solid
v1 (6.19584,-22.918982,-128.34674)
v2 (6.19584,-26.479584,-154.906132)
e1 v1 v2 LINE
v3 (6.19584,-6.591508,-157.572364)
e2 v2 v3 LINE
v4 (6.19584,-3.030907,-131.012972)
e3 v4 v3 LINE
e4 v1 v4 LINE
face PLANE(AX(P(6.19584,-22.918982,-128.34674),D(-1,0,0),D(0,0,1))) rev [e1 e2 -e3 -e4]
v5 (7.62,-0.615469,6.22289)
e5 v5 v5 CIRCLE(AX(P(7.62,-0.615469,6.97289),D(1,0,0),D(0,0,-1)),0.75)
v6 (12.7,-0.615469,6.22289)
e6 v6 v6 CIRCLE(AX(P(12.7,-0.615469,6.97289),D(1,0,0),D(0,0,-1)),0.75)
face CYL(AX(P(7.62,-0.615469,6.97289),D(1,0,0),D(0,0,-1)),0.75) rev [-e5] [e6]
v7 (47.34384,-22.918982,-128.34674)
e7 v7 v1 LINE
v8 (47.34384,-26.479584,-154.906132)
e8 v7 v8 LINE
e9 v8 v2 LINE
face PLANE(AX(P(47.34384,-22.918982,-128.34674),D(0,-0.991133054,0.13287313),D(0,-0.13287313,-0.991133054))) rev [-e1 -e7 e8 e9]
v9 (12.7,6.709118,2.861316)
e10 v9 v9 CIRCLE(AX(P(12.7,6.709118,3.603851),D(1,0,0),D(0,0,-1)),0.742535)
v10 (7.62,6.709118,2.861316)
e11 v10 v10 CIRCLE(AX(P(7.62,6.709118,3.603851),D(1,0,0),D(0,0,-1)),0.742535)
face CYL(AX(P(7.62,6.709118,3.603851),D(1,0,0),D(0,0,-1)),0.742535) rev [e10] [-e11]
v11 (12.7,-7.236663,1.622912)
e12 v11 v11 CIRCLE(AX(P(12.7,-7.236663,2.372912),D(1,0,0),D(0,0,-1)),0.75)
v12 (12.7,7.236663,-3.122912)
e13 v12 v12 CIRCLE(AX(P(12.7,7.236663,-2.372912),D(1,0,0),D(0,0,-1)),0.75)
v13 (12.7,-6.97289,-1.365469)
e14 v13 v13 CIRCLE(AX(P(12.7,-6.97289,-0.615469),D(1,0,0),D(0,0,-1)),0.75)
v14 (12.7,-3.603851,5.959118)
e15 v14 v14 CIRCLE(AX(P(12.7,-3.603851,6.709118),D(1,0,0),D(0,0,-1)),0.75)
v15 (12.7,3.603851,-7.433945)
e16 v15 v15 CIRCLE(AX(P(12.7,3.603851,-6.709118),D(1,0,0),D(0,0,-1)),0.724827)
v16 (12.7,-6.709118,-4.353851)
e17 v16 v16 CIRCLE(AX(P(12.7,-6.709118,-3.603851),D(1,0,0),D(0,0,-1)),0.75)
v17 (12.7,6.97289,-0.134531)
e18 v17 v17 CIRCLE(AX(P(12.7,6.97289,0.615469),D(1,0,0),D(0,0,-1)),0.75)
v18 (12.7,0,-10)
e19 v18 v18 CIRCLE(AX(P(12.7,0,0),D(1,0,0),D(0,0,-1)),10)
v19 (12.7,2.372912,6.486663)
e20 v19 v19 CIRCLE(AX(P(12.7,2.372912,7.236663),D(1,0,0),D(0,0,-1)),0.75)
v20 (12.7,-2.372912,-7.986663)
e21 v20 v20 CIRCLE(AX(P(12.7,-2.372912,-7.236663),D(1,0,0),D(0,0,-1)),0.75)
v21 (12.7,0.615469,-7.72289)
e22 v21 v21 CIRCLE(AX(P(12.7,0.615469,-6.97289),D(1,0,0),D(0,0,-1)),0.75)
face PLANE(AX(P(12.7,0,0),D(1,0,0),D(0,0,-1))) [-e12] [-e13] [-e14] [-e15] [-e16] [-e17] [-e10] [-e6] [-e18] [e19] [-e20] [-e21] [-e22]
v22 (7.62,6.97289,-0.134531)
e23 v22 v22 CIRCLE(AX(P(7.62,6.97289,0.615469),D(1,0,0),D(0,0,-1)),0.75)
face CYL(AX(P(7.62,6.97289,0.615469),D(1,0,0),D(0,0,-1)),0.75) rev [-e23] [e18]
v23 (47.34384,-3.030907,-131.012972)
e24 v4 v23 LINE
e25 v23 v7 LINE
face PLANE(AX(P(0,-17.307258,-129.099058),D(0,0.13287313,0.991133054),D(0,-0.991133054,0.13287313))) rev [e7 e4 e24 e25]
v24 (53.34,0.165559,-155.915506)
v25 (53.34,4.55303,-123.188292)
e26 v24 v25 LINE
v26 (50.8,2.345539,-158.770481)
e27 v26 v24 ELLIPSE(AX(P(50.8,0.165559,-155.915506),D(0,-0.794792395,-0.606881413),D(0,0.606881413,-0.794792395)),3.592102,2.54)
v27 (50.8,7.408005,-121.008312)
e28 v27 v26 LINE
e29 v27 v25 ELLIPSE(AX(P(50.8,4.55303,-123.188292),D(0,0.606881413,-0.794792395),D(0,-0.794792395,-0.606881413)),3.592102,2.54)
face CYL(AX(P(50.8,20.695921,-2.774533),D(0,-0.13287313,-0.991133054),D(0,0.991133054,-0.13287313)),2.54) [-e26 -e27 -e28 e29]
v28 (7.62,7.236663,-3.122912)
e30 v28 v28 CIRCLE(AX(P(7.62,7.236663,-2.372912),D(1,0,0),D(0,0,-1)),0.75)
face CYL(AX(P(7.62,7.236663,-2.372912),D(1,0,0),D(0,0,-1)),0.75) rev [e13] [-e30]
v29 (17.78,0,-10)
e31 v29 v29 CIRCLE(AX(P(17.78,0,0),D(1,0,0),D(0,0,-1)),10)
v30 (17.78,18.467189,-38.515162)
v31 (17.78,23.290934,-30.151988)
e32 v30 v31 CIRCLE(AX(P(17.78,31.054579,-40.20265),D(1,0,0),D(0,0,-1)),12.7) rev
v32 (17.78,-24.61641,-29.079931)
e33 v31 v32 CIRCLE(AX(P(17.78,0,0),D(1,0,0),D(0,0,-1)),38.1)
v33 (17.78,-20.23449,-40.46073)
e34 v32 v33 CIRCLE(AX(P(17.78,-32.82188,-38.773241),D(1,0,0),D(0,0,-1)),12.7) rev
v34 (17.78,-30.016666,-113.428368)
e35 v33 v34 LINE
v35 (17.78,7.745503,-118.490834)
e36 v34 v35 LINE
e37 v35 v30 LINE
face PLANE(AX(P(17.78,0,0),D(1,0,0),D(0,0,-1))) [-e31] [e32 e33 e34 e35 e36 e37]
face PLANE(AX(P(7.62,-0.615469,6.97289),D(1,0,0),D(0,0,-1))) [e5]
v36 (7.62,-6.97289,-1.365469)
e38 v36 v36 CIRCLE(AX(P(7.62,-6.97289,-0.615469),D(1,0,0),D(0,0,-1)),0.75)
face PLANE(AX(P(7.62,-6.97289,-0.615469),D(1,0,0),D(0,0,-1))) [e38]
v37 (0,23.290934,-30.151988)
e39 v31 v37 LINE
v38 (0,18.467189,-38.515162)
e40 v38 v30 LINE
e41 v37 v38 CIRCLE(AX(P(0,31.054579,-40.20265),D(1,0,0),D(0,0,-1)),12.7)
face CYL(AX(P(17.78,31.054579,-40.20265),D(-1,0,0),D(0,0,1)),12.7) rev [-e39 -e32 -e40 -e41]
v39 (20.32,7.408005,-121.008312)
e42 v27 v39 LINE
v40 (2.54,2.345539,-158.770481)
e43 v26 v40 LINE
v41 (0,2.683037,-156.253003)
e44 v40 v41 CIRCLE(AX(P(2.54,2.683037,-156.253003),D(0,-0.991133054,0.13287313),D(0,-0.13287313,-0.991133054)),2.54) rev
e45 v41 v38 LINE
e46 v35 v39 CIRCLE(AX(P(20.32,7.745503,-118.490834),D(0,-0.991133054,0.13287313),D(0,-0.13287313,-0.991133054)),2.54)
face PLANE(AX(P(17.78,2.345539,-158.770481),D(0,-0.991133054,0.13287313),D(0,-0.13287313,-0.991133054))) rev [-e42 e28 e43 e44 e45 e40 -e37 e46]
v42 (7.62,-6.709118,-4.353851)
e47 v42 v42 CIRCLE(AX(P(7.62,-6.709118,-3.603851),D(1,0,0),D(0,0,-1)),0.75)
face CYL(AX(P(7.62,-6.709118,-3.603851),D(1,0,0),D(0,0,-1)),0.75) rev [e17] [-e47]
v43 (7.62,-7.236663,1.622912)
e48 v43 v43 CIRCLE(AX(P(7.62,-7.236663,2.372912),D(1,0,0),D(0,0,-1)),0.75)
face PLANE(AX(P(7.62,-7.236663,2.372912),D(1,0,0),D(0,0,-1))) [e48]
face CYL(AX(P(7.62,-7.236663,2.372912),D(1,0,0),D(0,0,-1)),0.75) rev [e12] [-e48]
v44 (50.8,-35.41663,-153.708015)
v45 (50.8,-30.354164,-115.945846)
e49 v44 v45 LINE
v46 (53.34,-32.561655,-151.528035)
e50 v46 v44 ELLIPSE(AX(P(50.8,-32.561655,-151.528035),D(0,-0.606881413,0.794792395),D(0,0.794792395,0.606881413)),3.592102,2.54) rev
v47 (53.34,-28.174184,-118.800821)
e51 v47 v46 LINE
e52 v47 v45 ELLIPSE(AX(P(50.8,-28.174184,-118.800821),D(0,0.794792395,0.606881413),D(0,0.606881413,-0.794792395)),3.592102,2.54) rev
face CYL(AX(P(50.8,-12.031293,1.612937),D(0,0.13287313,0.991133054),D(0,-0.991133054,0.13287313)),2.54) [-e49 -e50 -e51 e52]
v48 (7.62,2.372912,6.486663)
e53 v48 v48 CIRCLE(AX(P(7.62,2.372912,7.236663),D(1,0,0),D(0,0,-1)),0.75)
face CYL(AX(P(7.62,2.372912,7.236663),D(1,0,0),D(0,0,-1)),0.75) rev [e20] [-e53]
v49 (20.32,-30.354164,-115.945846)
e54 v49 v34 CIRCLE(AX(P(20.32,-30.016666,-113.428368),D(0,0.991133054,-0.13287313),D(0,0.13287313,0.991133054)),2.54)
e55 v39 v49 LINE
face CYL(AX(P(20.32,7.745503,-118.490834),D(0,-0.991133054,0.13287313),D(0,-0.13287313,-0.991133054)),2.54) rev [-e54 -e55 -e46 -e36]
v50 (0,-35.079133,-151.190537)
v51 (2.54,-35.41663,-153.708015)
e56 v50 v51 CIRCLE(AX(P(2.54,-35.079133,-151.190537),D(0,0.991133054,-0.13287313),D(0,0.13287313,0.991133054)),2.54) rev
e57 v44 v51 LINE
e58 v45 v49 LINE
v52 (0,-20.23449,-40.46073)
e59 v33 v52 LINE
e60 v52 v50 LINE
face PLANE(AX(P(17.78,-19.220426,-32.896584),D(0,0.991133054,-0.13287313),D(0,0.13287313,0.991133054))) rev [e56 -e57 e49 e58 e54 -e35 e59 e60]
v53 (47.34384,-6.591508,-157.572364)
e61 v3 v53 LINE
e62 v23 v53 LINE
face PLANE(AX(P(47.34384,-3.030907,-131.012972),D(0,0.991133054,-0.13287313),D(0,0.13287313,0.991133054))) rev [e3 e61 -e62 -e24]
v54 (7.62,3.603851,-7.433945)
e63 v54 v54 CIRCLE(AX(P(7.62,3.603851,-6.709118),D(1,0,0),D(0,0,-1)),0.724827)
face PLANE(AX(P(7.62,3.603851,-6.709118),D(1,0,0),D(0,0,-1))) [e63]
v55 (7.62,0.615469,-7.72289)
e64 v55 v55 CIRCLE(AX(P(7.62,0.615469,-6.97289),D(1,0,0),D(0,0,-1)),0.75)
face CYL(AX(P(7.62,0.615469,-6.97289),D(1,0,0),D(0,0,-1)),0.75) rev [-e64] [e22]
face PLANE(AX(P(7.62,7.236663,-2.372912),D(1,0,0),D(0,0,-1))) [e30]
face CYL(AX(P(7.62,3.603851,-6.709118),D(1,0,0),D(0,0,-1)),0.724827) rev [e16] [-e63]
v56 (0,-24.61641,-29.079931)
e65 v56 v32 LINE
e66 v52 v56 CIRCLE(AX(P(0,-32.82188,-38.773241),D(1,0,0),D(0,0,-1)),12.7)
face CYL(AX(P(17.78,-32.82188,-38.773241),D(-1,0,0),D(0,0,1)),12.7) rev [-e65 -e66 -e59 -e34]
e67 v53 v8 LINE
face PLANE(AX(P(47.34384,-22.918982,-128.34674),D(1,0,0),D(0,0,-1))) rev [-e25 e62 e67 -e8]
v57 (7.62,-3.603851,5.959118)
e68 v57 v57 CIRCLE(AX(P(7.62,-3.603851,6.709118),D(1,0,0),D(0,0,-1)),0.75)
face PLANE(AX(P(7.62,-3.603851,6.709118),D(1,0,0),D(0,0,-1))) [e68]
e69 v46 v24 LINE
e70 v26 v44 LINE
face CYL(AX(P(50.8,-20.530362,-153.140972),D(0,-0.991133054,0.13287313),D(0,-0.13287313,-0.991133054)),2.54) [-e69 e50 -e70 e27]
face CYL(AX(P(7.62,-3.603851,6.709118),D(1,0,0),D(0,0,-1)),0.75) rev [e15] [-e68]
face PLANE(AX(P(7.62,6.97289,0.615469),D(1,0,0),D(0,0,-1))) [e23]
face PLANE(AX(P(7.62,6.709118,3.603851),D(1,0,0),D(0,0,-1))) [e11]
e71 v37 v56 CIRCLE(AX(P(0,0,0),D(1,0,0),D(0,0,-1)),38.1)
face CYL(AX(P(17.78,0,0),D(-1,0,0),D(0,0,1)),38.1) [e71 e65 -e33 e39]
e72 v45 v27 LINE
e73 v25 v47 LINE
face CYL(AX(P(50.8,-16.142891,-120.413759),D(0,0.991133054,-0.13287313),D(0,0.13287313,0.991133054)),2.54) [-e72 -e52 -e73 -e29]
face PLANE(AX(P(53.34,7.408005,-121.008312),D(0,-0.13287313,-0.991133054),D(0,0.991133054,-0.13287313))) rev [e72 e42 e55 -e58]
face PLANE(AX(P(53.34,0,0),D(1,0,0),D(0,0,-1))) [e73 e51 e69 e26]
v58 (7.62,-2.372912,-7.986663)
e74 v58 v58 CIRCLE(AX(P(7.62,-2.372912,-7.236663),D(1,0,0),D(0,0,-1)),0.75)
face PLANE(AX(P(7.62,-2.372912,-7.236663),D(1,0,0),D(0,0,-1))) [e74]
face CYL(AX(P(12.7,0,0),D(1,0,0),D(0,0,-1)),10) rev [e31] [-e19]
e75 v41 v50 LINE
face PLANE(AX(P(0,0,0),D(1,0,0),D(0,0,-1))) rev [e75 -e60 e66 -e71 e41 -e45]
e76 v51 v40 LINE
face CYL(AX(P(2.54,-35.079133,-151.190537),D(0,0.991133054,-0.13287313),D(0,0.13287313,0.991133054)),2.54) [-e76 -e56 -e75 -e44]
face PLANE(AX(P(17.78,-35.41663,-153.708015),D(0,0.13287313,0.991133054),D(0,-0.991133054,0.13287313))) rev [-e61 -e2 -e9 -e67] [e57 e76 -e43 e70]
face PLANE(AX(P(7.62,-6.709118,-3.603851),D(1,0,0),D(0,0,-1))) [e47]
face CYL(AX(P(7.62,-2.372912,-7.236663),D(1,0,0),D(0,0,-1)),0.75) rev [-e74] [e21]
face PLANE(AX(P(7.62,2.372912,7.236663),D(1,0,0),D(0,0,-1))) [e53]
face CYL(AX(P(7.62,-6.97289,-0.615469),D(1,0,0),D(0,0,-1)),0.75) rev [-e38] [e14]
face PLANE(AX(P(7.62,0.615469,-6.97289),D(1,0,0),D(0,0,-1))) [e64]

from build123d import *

# Parameters (mm, degrees)
BOSS_EXTRUDE1_DEPTH = 17.78
SKETCH2_R           = 10
CUT_EXTRUDE2_DEPTH  = 5.08
SKETCH8_R           = 0.75
SKETCH8_R_2         = 0.724827396
SKETCH8_R_3         = 0.742534986
CUT_EXTRUDE7_DEPTH  = 5.08
BOSS_EXTRUDE2_DEPTH = 35.56
SKETCH7_W           = 41.148
SKETCH7_H           = 20.066
CUT_EXTRUDE5_DEPTH  = 26.797
FILLET2_R           = 2.54
FILLET3_R           = 2.54
FILLET4_R           = 2.54
FILLET5_R           = 12.7


with BuildPart() as part:
    # Sketch1 → Boss-Extrude1 (new body)
    with BuildSketch(Plane(origin=(0, 0, 0), x_dir=(0, 0, -1), z_dir=(1, 0, 0))):
        with BuildLine():
            Line((32.896583501, -19.220426478), (153.708015153, -35.416630381))
            Line((153.708015153, -35.416630381), (158.7704814, 2.345538988))
            Line((158.7704814, 2.345538988), (32.896583501, 19.220426478))
            ThreePointArc((32.896583501, 19.220426478), (-38.1, 0), (32.896583501, -19.220426478))
        make_face()
    extrude(amount=BOSS_EXTRUDE1_DEPTH)

    # Sketch2 → Cut-Extrude2 (cut)
    with BuildSketch(Plane(origin=(17.78, 0, 0), x_dir=(0, 0, -1), z_dir=(1, 0, 0))):
        Circle(SKETCH2_R)
    extrude(amount=-CUT_EXTRUDE2_DEPTH, mode=Mode.SUBTRACT)

    # Sketch8 → Cut-Extrude7 (cut)
    with BuildSketch(Plane(origin=(12.7, 0, 0), x_dir=(0, 0, -1), z_dir=(1, 0, 0))):
        with Locations((-7.236662764, 2.372912145)):
            Circle(SKETCH8_R)
        with Locations((-6.97289018, -0.615469361)):
            Circle(SKETCH8_R)
        with Locations((-6.709117597, -3.603850867)):
            Circle(SKETCH8_R)
        with Locations((-2.372912145, -7.236662764)):
            Circle(SKETCH8_R)
        with Locations((0.615469361, -6.97289018)):
            Circle(SKETCH8_R)
        with Locations((3.603850867, -6.709117597)):
            Circle(SKETCH8_R)
        with Locations((7.236662764, -2.372912145)):
            Circle(SKETCH8_R)
        with Locations((6.97289018, 0.615469361)):
            Circle(SKETCH8_R)
        with Locations((6.709117597, 3.603850867)):
            Circle(SKETCH8_R_2)
        with Locations((2.372912145, 7.236662764)):
            Circle(SKETCH8_R)
        with Locations((-0.615469361, 6.97289018)):
            Circle(SKETCH8_R)
        with Locations((-3.603850867, 6.709117597)):
            Circle(SKETCH8_R_3)
    extrude(amount=-CUT_EXTRUDE7_DEPTH, mode=Mode.SUBTRACT)

    # Sketch4 → Boss-Extrude2 (add)
    with BuildSketch(Plane(origin=(17.78, 0, 0), x_dir=(0, 0, -1), z_dir=(1, 0, 0))):
        Polygon((158.7704814, 2.345538988), (153.708015153, -35.416630381), (115.945845783, -30.354164135), (121.00831203, 7.408005235), align=None)
    extrude(amount=BOSS_EXTRUDE2_DEPTH)

    # Sketch7 → Cut-Extrude5 (cut)
    with BuildSketch(Plane(origin=(0, -20.867859649, -155.658450257), x_dir=(-1, 0, 0), z_dir=(0, -0.1328731298372059, -0.9911330543207936))):
        with Locations((-26.769839531, 4.371072011)):
            Rectangle(SKETCH7_W, SKETCH7_H)
    extrude(amount=-CUT_EXTRUDE5_DEPTH, mode=Mode.SUBTRACT)

    # Fillet2
    fillet2_edges = [part.edges().sort_by_distance(p)[0] for p in [
        (17.78, -11.47307945, -118.477078906),
    ]]
    fillet(fillet2_edges, radius=FILLET2_R)

    # Fillet3
    fillet3_edges = [part.edges().sort_by_distance(p)[0] for p in [
        (53.34, 4.876772112, -139.889396715),
        (53.34, -11.47307945, -118.477078906),
        (53.34, -32.885397258, -134.826930468),
        (53.34, -16.535545697, -156.239248276),
    ]]
    fillet(fillet3_edges, radius=FILLET3_R)

    # Fillet4
    fillet4_edges = [part.edges().sort_by_distance(p)[0] for p in [
        (0, -16.535545697, -156.239248276),
    ]]
    fillet(fillet4_edges, radius=FILLET4_R)

    # Fillet5
    fillet5_edges = [part.edges().sort_by_distance(p)[0] for p in [
        (8.89, -19.220426478, -32.896583501),
        (8.89, 19.220426478, -32.896583501),
    ]]
    fillet(fillet5_edges, radius=FILLET5_R)


solid = part.part
